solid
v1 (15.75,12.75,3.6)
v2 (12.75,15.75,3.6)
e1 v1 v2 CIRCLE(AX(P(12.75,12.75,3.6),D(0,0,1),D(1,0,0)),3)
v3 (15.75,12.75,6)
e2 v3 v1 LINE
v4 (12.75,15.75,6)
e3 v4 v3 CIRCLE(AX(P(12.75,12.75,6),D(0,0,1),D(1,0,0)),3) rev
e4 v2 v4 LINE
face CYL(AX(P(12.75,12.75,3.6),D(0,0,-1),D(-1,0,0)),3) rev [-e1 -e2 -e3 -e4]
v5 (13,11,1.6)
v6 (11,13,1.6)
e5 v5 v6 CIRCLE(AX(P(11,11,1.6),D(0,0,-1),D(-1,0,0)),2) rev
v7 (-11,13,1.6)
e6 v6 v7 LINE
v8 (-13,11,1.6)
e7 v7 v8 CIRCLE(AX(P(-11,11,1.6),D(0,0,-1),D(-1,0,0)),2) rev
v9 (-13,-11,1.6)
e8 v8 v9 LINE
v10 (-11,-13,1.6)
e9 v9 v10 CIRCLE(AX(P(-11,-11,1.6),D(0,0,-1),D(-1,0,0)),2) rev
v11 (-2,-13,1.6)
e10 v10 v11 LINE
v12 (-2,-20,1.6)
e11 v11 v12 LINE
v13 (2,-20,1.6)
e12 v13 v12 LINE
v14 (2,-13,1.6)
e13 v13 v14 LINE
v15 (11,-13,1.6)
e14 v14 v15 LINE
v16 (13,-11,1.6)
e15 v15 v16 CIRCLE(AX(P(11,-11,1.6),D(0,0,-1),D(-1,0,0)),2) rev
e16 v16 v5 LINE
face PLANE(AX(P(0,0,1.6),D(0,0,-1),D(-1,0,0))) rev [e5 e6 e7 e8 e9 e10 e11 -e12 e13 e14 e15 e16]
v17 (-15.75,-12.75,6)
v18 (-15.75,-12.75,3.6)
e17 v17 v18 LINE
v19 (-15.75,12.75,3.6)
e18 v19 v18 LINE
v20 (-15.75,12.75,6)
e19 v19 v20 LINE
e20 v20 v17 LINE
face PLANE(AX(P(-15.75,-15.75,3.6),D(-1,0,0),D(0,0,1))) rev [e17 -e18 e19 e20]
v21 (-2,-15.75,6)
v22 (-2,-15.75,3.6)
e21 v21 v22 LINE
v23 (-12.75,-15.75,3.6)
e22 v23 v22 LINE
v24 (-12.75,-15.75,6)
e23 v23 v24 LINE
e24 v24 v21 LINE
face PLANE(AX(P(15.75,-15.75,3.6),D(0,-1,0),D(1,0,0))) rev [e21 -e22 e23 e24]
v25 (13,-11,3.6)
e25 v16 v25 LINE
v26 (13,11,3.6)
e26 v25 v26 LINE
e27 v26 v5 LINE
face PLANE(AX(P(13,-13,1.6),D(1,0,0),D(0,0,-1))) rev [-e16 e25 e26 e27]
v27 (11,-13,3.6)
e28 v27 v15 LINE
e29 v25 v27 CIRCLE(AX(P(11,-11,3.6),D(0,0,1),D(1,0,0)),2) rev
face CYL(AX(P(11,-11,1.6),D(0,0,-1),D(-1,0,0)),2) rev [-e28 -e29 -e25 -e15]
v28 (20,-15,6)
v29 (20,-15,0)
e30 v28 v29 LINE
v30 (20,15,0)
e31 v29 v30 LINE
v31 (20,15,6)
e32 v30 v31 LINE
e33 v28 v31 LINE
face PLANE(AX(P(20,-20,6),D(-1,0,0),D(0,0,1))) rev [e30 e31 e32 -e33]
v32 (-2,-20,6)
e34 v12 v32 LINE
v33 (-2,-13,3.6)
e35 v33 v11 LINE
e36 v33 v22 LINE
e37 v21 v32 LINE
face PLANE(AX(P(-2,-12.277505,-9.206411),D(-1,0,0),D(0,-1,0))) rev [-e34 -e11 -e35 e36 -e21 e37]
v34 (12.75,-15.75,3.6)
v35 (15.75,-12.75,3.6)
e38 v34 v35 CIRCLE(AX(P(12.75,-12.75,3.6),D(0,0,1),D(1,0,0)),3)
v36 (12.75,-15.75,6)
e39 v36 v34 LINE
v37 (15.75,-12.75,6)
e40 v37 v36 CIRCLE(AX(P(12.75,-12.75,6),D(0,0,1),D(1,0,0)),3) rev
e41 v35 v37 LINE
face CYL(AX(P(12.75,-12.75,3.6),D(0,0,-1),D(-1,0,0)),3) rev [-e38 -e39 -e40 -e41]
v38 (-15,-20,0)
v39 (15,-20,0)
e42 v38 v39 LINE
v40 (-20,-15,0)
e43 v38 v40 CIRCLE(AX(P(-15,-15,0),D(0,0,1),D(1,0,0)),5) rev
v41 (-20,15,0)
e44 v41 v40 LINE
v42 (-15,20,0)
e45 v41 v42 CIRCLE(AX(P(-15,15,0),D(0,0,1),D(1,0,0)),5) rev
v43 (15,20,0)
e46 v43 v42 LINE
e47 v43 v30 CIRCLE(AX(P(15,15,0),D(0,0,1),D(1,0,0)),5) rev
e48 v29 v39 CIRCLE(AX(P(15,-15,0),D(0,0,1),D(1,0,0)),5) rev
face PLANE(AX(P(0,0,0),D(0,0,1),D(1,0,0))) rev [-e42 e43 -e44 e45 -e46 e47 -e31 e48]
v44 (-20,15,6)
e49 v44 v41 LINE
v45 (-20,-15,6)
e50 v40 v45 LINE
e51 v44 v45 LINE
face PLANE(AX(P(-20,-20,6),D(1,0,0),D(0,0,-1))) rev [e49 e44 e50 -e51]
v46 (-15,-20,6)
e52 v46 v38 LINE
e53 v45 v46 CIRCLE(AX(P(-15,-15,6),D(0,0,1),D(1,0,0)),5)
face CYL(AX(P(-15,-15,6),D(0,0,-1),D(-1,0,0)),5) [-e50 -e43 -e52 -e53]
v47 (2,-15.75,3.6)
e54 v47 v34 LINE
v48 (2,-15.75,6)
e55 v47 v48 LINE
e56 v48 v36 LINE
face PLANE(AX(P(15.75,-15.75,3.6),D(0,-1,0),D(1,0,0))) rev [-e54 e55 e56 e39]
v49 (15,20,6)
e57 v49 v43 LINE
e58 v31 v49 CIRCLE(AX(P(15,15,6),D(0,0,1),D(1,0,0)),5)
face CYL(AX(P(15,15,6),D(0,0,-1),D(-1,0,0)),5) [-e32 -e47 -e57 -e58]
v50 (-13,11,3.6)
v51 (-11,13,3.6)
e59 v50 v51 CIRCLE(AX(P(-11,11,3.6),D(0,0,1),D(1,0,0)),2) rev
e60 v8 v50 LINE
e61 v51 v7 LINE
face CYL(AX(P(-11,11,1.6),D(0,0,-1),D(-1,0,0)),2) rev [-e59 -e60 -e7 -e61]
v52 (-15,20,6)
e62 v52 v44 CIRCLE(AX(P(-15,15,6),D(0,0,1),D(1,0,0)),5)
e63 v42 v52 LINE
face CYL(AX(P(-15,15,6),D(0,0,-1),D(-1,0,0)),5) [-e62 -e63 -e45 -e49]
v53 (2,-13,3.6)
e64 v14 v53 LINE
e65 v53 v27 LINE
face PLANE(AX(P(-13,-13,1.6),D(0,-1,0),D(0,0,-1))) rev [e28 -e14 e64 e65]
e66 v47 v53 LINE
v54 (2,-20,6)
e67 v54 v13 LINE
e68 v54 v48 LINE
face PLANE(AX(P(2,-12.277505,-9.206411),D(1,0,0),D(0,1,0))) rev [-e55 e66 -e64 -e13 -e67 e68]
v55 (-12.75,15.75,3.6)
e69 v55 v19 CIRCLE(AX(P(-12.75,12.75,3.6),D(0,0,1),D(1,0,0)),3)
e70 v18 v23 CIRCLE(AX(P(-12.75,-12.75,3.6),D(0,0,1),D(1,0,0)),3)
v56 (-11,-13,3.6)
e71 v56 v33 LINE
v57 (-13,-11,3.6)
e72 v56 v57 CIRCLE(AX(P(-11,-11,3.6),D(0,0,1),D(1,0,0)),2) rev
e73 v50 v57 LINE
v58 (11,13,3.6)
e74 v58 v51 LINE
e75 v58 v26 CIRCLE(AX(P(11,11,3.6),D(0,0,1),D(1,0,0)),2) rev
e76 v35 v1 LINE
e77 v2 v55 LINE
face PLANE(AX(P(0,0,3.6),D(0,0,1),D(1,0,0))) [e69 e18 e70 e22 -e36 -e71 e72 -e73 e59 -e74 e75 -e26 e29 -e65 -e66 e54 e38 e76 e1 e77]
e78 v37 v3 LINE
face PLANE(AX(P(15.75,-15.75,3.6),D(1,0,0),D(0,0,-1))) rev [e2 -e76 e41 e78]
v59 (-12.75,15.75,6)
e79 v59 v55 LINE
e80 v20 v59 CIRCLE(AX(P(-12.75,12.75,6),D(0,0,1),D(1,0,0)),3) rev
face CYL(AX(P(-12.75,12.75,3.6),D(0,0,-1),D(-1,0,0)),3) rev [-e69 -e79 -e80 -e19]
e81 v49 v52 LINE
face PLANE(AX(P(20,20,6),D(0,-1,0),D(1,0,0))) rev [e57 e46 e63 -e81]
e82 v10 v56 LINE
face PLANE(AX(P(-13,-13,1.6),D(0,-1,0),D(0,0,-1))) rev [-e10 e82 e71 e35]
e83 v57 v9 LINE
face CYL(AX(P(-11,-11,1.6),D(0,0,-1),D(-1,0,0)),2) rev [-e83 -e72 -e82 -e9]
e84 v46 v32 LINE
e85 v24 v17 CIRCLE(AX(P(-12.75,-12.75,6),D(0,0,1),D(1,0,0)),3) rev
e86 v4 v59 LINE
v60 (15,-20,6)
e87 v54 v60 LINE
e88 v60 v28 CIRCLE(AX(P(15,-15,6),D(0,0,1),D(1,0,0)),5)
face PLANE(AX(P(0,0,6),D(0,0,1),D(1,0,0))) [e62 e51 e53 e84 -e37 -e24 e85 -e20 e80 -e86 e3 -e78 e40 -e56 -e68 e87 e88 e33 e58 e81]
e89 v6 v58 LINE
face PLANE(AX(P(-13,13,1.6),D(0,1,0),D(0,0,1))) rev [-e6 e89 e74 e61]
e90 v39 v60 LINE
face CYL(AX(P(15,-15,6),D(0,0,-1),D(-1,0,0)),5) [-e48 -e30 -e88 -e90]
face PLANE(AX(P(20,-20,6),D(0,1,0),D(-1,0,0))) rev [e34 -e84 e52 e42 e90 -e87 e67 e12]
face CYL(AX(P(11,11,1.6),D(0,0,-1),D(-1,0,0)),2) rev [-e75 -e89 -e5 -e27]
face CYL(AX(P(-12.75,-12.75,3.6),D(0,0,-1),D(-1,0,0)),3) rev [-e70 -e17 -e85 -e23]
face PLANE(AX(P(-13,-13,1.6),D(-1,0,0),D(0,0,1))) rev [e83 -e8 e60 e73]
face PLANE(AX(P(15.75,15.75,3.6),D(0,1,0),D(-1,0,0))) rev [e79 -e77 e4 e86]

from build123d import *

# Parameters (mm, degrees)
SKIZZE1_W                       = 40
SKIZZE1_H                       = 40
AUFSATZ_LINEAR_AUSTRAGEN1_DEPTH = 6
VERRUNDUNG1_R                   = 5
SKIZZE2_W                       = 31.5
SKIZZE2_H                       = 31.5
SCHNITT_LINEAR_AUSTRAGEN1_DEPTH = 2.4
VERRUNDUNG2_R                   = 3
SKIZZE3_W                       = 26
SKIZZE3_H                       = 26
SCHNITT_LINEAR_AUSTRAGEN2_DEPTH = 2
VERRUNDUNG3_R                   = 2
SCHNITT_LINEAR_AUSTRAGEN3_REACH = 30.914
SKIZZE4_W                       = 4
SKIZZE4_H                       = 10.038850157


with BuildPart() as part:
    # Skizze1 → Aufsatz-Linear austragen1 (new body)
    with BuildSketch(Plane.XY):
        Rectangle(SKIZZE1_W, SKIZZE1_H)
    extrude(amount=AUFSATZ_LINEAR_AUSTRAGEN1_DEPTH)

    # Verrundung1
    verrundung1_edges = [part.edges().sort_by_distance(p)[0] for p in [
        (-20, 20, 3),
        (20, 20, 3),
        (20, -20, 3),
        (-20, -20, 3),
    ]]
    fillet(verrundung1_edges, radius=VERRUNDUNG1_R)

    # Skizze2 → Schnitt-Linear austragen1 (cut)
    with BuildSketch(Plane.XY.offset(6)):
        Rectangle(SKIZZE2_W, SKIZZE2_H)
    extrude(amount=-SCHNITT_LINEAR_AUSTRAGEN1_DEPTH, mode=Mode.SUBTRACT)

    # Verrundung2
    verrundung2_edges = [part.edges().sort_by_distance(p)[0] for p in [
        (-15.75, -15.75, 4.8),
        (-15.75, 15.75, 4.8),
        (15.75, 15.75, 4.8),
        (15.75, -15.75, 4.8),
    ]]
    fillet(verrundung2_edges, radius=VERRUNDUNG2_R)

    # Skizze3 → Schnitt-Linear austragen2 (cut)
    with BuildSketch(Plane.XY.offset(3.6)):
        Rectangle(SKIZZE3_W, SKIZZE3_H)
    extrude(amount=-SCHNITT_LINEAR_AUSTRAGEN2_DEPTH, mode=Mode.SUBTRACT)

    # Verrundung3
    verrundung3_edges = [part.edges().sort_by_distance(p)[0] for p in [
        (13, 13, 2.6),
        (13, -13, 2.6),
        (-13, -13, 2.6),
        (-13, 13, 2.6),
    ]]
    fillet(verrundung3_edges, radius=VERRUNDUNG3_R)

    # Schnitt-Linear austragen3: up to this face of the body (flat: up to its plane)
    schnitt_linear_austragen3_end = Plane(part.part.faces().sort_by_distance((0, 0, 1.6))[0])
    # Skizze4 → Schnitt-Linear austragen3 (cut, up to the picked face)
    with BuildSketch(Plane.XY.offset(6), mode=Mode.PRIVATE) as schnitt_linear_austragen3_sk1:
        with Locations((0, -17.296929977)):
            Rectangle(SKIZZE4_W, SKIZZE4_H)
    schnitt_linear_austragen3_tool1 = split(extrude(schnitt_linear_austragen3_sk1.sketch, amount=-SCHNITT_LINEAR_AUSTRAGEN3_REACH, mode=Mode.PRIVATE), bisect_by=schnitt_linear_austragen3_end, keep=Keep.BOTH, mode=Mode.PRIVATE)
    add(schnitt_linear_austragen3_tool1.solids().sort_by(Axis((0, -17.29693, 6), (0, 0, -1)))[0], mode=Mode.SUBTRACT)


solid = part.part
